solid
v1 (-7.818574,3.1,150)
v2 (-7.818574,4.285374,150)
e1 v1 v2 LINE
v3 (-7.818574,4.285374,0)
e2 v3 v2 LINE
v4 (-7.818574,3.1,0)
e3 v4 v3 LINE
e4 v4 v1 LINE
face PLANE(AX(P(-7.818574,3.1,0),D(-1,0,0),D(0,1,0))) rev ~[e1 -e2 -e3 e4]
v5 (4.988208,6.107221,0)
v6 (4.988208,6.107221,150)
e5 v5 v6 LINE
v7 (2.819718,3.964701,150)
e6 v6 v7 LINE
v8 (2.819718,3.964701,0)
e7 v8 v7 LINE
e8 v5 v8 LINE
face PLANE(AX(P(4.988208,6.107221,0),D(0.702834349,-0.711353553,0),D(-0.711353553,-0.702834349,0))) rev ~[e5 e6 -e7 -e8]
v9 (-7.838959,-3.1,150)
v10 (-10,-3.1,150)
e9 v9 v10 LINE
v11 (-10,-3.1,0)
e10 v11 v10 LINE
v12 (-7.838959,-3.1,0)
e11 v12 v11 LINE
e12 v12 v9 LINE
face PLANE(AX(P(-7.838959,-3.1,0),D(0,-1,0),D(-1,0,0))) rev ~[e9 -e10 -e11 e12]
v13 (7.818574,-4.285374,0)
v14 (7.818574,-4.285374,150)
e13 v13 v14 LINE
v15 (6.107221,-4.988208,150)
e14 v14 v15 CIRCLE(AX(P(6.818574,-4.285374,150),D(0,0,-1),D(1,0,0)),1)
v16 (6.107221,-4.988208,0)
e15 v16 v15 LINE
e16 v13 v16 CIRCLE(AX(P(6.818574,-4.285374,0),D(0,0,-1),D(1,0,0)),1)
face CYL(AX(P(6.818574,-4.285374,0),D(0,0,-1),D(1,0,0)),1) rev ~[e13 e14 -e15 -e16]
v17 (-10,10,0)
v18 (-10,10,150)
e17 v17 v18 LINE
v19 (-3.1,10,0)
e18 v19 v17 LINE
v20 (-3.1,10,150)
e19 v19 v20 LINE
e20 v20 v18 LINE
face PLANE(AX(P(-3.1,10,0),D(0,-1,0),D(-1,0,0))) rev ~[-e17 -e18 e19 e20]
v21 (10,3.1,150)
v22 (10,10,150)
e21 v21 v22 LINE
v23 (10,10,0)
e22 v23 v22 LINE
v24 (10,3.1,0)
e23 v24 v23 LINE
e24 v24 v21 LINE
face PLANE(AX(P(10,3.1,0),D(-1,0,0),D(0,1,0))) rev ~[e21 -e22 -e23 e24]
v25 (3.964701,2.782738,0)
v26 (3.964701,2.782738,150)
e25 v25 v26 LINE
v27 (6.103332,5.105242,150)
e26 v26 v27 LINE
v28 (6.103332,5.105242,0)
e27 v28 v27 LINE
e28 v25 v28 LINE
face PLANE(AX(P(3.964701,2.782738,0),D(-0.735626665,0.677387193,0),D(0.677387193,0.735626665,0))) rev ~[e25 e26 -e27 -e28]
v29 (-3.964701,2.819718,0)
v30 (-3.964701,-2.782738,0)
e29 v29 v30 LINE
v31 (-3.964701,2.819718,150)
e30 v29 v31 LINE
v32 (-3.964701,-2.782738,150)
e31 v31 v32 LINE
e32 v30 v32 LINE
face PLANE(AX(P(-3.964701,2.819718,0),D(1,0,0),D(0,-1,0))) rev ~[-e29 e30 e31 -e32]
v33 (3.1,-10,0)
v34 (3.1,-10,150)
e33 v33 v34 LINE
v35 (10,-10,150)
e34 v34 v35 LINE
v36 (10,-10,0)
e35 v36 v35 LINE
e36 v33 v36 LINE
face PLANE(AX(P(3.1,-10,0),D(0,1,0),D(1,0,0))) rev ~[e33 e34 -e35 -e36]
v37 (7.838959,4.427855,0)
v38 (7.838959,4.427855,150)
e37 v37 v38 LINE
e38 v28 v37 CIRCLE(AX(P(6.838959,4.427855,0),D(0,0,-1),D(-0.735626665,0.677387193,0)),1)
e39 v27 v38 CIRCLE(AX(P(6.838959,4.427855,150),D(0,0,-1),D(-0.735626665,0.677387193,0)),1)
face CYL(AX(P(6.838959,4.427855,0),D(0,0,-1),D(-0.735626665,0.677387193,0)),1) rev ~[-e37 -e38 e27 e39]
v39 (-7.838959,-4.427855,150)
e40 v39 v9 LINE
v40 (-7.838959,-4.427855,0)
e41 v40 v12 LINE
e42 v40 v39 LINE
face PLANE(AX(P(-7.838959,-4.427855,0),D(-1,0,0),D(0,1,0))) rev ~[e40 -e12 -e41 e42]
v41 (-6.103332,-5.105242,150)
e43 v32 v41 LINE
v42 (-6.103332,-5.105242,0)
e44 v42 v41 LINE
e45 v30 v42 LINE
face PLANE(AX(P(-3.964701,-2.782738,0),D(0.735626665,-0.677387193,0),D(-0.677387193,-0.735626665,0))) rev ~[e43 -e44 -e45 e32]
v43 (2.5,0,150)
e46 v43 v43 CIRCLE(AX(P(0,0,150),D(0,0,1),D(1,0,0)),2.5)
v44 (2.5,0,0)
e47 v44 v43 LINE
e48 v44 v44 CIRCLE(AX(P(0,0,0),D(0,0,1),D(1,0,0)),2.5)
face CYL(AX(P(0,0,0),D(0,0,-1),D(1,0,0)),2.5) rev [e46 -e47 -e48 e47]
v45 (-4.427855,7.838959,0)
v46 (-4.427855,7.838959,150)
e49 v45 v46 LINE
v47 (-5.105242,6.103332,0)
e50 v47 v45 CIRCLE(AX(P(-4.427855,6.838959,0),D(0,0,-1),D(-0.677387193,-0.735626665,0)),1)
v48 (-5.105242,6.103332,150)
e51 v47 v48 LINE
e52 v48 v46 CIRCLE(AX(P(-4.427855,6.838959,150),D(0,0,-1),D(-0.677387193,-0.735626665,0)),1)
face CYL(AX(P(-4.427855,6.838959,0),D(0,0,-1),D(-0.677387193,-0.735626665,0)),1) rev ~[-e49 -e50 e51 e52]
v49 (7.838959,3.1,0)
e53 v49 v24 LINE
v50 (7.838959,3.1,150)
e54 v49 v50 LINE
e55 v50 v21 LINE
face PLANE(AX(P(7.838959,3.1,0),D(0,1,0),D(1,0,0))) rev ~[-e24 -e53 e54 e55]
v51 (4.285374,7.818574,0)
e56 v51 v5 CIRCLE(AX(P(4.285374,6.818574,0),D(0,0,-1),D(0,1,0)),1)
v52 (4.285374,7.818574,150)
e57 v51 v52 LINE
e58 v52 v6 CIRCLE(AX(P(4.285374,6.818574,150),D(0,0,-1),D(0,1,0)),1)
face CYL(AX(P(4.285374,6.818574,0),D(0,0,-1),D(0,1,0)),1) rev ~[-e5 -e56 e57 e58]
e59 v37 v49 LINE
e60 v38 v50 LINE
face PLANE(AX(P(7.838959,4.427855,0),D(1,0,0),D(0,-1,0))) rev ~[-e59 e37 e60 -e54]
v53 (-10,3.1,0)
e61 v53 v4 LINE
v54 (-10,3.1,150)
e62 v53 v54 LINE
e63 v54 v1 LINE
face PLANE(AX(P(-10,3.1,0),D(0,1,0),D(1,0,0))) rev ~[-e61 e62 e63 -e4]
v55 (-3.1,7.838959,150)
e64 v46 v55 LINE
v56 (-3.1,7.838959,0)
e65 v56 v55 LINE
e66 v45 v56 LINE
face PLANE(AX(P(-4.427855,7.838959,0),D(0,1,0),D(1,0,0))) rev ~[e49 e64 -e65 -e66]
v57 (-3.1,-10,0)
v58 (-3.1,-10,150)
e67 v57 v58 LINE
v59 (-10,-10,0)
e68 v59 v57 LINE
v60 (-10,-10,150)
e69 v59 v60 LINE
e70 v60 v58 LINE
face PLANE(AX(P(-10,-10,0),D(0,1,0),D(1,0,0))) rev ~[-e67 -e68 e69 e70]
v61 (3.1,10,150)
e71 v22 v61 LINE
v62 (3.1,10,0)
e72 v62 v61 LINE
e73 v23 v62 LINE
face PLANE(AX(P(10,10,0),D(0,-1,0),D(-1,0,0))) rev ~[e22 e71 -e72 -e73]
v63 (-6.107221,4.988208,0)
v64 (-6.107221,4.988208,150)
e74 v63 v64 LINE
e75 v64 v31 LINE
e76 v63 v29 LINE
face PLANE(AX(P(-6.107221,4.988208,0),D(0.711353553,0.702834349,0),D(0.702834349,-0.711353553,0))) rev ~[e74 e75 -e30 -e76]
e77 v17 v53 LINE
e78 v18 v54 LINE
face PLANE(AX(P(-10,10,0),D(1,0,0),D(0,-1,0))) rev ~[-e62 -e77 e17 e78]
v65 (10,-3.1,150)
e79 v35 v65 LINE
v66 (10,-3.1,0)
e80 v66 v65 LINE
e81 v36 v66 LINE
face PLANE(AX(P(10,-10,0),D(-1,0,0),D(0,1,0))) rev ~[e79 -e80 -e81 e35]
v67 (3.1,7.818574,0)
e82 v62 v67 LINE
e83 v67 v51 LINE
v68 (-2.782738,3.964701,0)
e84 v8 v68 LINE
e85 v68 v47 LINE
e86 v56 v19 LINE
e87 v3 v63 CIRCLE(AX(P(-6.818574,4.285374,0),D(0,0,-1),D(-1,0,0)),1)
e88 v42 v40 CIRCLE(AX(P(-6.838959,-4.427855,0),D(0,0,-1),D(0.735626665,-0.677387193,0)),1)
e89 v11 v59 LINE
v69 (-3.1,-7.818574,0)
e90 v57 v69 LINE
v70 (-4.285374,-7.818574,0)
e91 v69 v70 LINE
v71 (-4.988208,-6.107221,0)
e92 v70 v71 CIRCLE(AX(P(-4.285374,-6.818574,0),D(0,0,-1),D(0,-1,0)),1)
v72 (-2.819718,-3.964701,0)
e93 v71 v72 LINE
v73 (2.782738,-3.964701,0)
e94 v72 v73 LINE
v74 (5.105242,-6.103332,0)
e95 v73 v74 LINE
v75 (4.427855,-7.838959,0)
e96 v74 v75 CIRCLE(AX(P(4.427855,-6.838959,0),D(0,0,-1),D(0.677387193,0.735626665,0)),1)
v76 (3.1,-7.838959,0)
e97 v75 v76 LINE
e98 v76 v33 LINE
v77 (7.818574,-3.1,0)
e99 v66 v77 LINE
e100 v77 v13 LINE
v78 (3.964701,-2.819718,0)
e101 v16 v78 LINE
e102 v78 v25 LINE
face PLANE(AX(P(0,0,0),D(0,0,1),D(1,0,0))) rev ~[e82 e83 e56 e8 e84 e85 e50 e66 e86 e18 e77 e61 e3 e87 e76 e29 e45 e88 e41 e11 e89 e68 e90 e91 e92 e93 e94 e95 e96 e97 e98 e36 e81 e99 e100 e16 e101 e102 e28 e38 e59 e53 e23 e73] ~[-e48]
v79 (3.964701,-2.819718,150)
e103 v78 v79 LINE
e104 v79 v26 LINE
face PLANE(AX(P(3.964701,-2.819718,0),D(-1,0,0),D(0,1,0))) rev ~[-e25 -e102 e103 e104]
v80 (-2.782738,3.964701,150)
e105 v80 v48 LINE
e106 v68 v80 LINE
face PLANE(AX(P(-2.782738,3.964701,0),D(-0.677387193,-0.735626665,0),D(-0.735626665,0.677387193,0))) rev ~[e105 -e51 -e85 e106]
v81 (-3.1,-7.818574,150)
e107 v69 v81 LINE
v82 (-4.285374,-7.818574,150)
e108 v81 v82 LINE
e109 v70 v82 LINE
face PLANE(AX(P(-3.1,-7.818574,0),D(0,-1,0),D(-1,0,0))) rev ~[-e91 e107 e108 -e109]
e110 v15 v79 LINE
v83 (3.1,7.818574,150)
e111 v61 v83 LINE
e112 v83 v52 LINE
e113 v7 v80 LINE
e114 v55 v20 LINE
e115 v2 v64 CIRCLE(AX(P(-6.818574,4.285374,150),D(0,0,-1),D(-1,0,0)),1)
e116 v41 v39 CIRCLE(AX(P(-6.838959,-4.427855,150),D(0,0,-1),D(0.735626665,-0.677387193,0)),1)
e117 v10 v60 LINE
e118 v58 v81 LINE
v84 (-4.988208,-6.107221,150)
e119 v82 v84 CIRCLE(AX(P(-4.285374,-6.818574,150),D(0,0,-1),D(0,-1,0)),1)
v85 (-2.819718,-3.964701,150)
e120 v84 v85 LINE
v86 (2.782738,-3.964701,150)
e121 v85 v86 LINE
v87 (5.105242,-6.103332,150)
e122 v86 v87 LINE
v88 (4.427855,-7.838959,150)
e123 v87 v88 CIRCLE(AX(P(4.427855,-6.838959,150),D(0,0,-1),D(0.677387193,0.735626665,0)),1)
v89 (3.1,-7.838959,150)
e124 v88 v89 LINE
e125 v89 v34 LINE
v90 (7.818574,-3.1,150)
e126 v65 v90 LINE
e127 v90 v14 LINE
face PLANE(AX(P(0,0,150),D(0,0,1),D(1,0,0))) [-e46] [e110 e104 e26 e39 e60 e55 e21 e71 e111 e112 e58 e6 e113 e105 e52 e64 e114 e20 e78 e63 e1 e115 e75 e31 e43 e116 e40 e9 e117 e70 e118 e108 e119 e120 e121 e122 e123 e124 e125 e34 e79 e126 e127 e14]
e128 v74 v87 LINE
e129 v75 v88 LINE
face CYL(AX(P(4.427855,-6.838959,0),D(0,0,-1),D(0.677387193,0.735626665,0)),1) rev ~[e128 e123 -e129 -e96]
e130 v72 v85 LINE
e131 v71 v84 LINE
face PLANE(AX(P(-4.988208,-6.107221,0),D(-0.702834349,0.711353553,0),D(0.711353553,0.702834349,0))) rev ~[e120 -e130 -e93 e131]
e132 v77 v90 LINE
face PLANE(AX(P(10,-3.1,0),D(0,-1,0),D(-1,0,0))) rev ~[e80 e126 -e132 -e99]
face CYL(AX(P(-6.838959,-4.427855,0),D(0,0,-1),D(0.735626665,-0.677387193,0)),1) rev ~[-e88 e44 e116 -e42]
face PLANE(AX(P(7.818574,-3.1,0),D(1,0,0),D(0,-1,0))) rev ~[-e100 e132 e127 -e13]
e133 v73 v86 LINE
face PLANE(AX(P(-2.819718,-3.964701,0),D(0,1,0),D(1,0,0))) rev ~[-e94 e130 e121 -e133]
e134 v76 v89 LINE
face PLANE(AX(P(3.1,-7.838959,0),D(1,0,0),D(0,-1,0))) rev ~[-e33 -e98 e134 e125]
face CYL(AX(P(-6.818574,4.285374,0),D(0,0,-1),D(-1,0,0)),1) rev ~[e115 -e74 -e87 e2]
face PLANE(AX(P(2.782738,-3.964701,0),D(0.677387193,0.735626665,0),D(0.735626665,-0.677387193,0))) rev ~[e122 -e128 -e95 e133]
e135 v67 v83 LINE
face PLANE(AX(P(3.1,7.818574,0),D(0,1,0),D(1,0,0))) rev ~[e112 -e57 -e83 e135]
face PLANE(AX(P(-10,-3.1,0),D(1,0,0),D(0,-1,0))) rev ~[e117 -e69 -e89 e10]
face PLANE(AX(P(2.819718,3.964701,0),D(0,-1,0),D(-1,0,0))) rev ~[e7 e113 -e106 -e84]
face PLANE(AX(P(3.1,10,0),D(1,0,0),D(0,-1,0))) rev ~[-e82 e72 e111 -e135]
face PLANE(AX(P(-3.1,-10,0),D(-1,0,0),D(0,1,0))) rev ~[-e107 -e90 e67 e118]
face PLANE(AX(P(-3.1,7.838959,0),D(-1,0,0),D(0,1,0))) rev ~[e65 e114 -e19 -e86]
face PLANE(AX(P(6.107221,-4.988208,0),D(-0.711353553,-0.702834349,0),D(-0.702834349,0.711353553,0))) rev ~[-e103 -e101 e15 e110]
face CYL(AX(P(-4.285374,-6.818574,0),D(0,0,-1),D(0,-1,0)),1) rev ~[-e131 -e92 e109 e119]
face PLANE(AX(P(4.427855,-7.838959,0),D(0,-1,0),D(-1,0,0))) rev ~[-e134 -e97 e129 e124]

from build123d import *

# Parameters (mm, degrees)
SKETCH2_R           = 2.5
BOSS_EXTRUDE1_DEPTH = 150


with BuildPart() as part:
    # Sketch2 → Boss-Extrude1 (new body)
    with BuildSketch(Plane.XY):
        with BuildLine():
            Line((-10, -10), (-3.1, -10))
            Line((-3.1, -10), (-3.1, -7.81857447))
            Line((-3.1, -7.81857447), (-4.285374034, -7.81857447))
            ThreePointArc((-4.285374034, -7.81857447), (-5.210402021, -7.198473435), (-4.988208383, -6.107220917))
            Line((-4.988208383, -6.107220917), (-2.819718275, -3.96470075))
            Line((-2.819718275, -3.96470075), (0, -3.96470075))
            Line((0, -3.96470075), (2.782738033, -3.96470075))
            Line((2.782738033, -3.96470075), (5.105242131, -6.103332486))
            ThreePointArc((5.105242131, -6.103332486), (5.359419929, -7.202533996), (4.427854938, -7.838959152))
            Line((4.427854938, -7.838959152), (3.1, -7.838959152))
            Line((3.1, -7.838959152), (3.1, -10))
            Line((3.1, -10), (10, -10))
            Line((10, -10), (10, -3.1))
            Line((10, -3.1), (7.81857447, -3.1))
            Line((7.81857447, -3.1), (7.81857447, -4.285374034))
            ThreePointArc((7.81857447, -4.285374034), (7.198473435, -5.210402021), (6.107220917, -4.988208383))
            Line((6.107220917, -4.988208383), (3.96470075, -2.819718275))
            Line((3.96470075, -2.819718275), (3.96470075, 0))
            Line((3.96470075, 0), (3.96470075, 2.782738033))
            Line((3.96470075, 2.782738033), (6.103332486, 5.105242131))
            ThreePointArc((6.103332486, 5.105242131), (7.202533996, 5.359419929), (7.838959152, 4.427854938))
            Line((7.838959152, 4.427854938), (7.838959152, 3.1))
            Line((7.838959152, 3.1), (10, 3.1))
            Line((10, 3.1), (10, 10))
            Line((10, 10), (3.1, 10))
            Line((3.1, 10), (3.1, 7.81857447))
            Line((3.1, 7.81857447), (4.285374034, 7.81857447))
            ThreePointArc((4.285374034, 7.81857447), (5.210402021, 7.198473435), (4.988208383, 6.107220917))
            Line((4.988208383, 6.107220917), (2.819718275, 3.96470075))
            Line((2.819718275, 3.96470075), (0, 3.96470075))
            Line((0, 3.96470075), (-2.782738033, 3.96470075))
            Line((-2.782738033, 3.96470075), (-5.105242131, 6.103332486))
            ThreePointArc((-5.105242131, 6.103332486), (-5.359419929, 7.202533996), (-4.427854938, 7.838959152))
            Line((-4.427854938, 7.838959152), (-3.1, 7.838959152))
            Line((-3.1, 7.838959152), (-3.1, 10))
            Line((-3.1, 10), (-10, 10))
            Line((-10, 10), (-10, 3.1))
            Line((-10, 3.1), (-7.81857447, 3.1))
            Line((-7.81857447, 3.1), (-7.81857447, 4.285374034))
            ThreePointArc((-7.81857447, 4.285374034), (-7.198473435, 5.210402021), (-6.107220917, 4.988208383))
            Line((-6.107220917, 4.988208383), (-3.96470075, 2.819718275))
            Line((-3.96470075, 2.819718275), (-3.96470075, 0))
            Line((-3.96470075, 0), (-3.96470075, -2.782738033))
            Line((-3.96470075, -2.782738033), (-6.103332486, -5.105242131))
            ThreePointArc((-6.103332486, -5.105242131), (-7.202533996, -5.359419929), (-7.838959152, -4.427854938))
            Line((-7.838959152, -4.427854938), (-7.838959152, -3.1))
            Line((-7.838959152, -3.1), (-10, -3.1))
            Line((-10, -3.1), (-10, -10))
        make_face()
        Circle(SKETCH2_R, mode=Mode.SUBTRACT)
    extrude(amount=BOSS_EXTRUDE1_DEPTH)


solid = part.part
